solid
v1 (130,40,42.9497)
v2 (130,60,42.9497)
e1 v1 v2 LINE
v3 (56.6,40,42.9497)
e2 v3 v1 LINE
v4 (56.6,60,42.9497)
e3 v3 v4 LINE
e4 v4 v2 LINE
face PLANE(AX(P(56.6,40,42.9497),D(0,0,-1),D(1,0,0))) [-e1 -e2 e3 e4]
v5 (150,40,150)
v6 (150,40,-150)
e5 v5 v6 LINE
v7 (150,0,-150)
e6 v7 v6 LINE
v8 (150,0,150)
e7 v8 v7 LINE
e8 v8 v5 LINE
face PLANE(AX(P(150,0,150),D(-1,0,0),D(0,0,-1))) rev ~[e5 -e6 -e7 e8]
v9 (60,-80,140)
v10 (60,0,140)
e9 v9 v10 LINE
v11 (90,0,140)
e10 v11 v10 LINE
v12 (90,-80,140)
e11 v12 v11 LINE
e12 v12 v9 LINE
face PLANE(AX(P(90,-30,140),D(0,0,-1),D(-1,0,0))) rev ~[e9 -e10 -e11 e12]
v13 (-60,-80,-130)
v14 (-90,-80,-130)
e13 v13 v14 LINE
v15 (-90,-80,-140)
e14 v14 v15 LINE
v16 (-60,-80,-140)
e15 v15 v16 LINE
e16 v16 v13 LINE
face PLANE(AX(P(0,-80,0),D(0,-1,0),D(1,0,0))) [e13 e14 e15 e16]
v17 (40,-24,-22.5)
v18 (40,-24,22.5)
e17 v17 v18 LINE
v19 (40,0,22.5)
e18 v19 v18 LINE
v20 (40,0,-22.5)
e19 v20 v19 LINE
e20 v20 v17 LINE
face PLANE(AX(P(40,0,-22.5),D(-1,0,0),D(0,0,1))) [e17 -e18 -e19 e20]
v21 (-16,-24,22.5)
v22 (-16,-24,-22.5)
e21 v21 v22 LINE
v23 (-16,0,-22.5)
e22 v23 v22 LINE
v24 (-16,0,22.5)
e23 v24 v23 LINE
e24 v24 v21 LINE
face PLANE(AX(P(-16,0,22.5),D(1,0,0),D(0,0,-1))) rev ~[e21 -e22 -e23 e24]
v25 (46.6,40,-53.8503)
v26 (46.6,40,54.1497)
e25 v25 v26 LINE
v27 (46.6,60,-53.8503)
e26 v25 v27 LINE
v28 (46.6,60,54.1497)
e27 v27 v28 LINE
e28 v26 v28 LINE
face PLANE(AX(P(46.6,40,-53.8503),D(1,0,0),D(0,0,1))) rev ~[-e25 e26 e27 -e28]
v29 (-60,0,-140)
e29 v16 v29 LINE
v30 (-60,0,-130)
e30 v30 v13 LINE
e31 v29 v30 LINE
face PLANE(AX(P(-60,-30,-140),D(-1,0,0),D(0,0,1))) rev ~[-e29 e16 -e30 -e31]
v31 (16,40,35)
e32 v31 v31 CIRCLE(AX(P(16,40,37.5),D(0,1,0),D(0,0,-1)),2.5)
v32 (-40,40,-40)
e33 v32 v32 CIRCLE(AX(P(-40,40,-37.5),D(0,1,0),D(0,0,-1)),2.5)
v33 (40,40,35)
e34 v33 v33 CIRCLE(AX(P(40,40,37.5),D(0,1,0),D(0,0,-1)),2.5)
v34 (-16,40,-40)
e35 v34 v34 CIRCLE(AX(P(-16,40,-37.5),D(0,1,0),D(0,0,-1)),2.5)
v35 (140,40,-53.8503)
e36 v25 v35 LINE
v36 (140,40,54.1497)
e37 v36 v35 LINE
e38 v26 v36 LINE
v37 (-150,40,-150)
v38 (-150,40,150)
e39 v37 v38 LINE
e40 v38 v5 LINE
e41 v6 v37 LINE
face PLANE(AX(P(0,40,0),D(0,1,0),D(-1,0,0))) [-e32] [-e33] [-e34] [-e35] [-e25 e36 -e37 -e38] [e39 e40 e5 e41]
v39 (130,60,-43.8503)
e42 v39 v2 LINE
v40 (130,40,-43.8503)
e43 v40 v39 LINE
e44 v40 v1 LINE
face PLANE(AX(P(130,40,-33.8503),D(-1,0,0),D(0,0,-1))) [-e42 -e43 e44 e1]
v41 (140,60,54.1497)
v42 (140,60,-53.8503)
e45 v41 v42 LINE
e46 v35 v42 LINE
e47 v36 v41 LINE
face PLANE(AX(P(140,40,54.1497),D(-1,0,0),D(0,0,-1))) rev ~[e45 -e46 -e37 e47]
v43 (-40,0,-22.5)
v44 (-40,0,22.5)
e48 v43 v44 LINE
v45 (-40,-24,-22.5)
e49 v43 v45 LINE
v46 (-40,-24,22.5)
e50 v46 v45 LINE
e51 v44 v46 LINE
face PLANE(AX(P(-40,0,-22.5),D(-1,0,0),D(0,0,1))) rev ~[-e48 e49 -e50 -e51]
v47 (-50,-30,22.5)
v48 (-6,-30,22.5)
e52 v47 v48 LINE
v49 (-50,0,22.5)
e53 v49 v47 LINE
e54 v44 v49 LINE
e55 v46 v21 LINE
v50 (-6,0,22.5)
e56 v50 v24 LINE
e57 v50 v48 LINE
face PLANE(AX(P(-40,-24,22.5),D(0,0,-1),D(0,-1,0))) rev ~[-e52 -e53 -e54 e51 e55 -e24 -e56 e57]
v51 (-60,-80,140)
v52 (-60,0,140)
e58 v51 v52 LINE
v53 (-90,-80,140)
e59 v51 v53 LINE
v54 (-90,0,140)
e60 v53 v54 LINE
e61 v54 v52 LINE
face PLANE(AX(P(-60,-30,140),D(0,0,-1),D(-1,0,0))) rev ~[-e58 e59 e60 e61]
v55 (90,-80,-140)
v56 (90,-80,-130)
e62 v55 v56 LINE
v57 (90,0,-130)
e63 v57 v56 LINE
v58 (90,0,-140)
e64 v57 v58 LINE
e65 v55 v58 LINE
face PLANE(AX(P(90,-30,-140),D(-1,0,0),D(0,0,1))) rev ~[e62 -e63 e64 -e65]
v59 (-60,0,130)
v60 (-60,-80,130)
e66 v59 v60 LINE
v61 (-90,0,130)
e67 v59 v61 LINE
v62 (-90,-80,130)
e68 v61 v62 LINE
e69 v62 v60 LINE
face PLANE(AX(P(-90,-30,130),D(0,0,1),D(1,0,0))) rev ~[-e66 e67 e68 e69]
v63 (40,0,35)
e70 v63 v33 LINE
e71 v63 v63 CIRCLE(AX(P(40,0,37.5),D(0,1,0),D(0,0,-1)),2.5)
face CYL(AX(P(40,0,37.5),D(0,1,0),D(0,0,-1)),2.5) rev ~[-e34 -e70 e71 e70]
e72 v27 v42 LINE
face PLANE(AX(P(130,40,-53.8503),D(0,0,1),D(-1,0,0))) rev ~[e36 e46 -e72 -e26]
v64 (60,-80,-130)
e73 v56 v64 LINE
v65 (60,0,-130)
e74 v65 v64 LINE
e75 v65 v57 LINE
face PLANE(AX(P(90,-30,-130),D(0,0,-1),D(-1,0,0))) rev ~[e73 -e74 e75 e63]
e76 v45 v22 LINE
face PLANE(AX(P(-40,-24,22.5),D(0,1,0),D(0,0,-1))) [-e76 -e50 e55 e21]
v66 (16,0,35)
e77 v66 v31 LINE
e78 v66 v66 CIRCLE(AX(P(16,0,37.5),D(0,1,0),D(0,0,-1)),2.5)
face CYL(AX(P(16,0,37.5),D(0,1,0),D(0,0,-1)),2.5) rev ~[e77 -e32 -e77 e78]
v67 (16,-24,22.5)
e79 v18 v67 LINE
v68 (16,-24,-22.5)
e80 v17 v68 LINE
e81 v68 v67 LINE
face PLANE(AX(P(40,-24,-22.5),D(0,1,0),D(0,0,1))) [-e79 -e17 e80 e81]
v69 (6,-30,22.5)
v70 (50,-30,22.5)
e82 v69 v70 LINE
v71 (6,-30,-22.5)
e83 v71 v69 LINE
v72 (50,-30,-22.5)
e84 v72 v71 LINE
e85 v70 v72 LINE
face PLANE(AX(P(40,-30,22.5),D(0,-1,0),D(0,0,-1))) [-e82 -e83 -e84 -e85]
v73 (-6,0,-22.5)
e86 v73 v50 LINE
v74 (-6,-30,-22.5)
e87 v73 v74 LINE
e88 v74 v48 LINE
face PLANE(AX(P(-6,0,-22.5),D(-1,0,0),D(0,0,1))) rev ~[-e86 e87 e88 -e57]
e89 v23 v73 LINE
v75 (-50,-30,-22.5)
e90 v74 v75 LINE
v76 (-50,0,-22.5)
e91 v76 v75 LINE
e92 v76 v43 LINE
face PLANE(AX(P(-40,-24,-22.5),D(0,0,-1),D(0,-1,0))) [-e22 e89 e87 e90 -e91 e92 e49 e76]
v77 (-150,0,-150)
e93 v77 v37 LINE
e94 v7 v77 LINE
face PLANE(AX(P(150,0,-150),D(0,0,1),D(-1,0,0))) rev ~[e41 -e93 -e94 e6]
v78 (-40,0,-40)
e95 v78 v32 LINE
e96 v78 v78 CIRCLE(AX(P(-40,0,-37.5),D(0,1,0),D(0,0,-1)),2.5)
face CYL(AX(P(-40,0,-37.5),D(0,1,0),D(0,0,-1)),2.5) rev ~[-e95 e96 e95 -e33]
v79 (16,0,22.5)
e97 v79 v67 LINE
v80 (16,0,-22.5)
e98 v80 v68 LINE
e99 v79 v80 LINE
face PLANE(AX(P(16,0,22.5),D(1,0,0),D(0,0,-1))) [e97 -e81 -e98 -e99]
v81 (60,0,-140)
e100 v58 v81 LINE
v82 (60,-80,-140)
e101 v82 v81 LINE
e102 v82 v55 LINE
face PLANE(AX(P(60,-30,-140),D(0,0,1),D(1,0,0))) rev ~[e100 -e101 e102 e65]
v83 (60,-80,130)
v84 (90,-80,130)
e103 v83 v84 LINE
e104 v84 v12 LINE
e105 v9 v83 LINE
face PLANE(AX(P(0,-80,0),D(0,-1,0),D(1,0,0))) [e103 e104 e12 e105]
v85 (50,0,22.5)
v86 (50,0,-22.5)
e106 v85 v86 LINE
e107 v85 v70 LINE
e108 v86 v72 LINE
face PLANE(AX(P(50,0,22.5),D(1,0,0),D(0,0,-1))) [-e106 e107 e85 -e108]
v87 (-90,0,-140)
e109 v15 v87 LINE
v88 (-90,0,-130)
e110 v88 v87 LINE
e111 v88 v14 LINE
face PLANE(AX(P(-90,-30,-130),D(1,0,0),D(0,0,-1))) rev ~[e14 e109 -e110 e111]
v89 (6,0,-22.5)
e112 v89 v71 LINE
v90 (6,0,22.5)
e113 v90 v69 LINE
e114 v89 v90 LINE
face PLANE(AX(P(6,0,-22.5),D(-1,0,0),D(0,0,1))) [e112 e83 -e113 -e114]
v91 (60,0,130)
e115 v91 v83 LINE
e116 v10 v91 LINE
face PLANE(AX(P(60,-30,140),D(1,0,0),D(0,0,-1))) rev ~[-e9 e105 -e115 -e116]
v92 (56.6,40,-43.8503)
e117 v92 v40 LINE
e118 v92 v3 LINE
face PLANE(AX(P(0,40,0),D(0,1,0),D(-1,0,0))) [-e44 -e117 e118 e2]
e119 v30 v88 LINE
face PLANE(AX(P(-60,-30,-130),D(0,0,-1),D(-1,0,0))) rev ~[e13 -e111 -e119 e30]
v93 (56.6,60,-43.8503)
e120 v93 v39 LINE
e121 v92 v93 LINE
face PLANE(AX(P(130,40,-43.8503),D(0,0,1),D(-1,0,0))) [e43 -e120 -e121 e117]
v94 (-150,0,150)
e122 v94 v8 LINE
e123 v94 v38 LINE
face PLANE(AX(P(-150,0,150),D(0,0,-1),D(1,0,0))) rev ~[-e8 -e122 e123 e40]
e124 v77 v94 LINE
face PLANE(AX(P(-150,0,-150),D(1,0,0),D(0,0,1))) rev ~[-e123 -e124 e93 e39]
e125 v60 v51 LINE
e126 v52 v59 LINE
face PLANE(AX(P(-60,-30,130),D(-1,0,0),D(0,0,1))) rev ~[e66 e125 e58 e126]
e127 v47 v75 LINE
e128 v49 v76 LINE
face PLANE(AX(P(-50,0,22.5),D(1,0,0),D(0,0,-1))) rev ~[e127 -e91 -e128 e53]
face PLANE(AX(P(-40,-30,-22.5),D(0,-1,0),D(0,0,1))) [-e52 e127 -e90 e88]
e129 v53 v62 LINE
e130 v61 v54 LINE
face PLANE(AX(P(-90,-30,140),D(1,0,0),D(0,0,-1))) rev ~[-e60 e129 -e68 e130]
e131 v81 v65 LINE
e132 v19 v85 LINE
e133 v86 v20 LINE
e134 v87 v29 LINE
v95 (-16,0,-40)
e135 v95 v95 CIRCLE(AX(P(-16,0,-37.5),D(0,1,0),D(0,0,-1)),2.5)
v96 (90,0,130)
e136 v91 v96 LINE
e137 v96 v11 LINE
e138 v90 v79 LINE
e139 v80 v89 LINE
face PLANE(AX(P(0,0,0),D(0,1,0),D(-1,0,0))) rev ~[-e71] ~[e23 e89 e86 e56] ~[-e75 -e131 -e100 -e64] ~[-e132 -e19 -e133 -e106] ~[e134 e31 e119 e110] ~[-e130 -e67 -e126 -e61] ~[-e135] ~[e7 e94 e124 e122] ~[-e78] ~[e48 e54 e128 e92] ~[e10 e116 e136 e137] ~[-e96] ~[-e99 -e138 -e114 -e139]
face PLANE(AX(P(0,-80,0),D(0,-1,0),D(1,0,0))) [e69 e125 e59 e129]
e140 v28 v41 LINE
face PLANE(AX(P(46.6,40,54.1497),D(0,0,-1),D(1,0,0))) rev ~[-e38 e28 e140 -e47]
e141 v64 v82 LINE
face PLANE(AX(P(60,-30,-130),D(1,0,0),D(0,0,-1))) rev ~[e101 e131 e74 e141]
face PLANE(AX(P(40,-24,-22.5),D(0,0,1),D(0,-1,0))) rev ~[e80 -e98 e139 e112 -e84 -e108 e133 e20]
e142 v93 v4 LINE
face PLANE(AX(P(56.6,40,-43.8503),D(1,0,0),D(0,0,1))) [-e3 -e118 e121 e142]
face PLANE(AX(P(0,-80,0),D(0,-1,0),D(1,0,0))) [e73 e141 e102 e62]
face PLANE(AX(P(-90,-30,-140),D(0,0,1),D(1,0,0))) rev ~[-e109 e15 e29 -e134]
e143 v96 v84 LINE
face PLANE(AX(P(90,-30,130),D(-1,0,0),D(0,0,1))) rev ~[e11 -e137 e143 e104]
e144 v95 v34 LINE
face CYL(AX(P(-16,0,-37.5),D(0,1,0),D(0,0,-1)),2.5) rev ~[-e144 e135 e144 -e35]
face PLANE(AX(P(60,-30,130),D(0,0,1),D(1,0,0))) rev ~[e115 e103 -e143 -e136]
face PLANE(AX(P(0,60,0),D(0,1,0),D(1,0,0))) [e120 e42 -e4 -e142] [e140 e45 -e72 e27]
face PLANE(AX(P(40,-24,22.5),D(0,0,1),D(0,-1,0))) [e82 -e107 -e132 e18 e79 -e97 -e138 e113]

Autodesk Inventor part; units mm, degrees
ref_plane "YZ Plane" through (0, 0, 0) normal (1, 0, 0) x (0, 1, 0)
ref_plane "XZ Plane" through (0, 0, 0) normal (0, 1, 0) x (-1, 0, 0)
ref_plane "XY Plane" through (0, 0, 0) normal (0, 0, 1) x (1, 0, 0)
sketch "Sketch1" plane through (0, 0, 0) normal (0, 1, 0) x (-1, 0, 0)
  line L0 (-150, -150) -> (150, -150)
  line L1 (150, -150) -> (150, 150)
  line L2 (150, 150) -> (-150, 150)
  line L3 (-150, 150) -> (-150, -150)
  line L4 (-150, -150) -> (150, 150) construction
  line L5 (150, -150) -> (-150, 150) construction
  point P0 (0, 0)
extrude "Extrusion1" add sketch "Sketch1" along normal blind 40
sketch "Sketch4" plane through (0, 0, 0) normal (0, -1, 0) x (1, 0, 0)
  line L0 (150, -150) -> (-150, -150) projected
  line L1 (0, -150) -> (150, -150)
  line L2 (60, -130) -> (90, -130)
  line L3 (90, -130) -> (90, -140)
  line L4 (90, -140) -> (60, -140)
  line L5 (60, -140) -> (60, -130)
  line L6 (60, -130) -> (90, -140) construction
  line L7 (90, -130) -> (60, -140) construction
  line L8 (-60, -130) -> (-90, -130)
  line L9 (-90, -130) -> (-90, -140)
  line L10 (-90, -140) -> (-60, -140)
  line L11 (-60, -140) -> (-60, -130)
  line L12 (150, 150) -> (150, -150) projected
  line L13 (60, 130) -> (90, 130)
  line L14 (90, 130) -> (90, 140)
  line L15 (90, 140) -> (60, 140)
  line L16 (60, 140) -> (60, 130)
  line L17 (60, 130) -> (90, 140) construction
  line L18 (90, 130) -> (60, 140) construction
  line L19 (-60, 130) -> (-90, 130)
  line L20 (-60, 140) -> (-60, 130)
  line L21 (-90, 140) -> (-60, 140)
  line L22 (-90, 130) -> (-90, 140)
  point P0 (0, 0)
extrude "Extrusion3" add sketch "Sketch4" along normal blind 30
sketch "Sketch5" plane through (0, 0, 0) normal (0, -1, 0) x (1, 0, 0)
  line L0 (-40, 22.5) -> (-50, 22.5)
  line L1 (-50, 22.5) -> (-50, -22.5)
  line L2 (-50, -22.5) -> (-40, -22.5)
  line L3 (-40, -22.5) -> (-40, 22.5)
  line L4 (-40, 22.5) -> (-50, -22.5) construction
  line L5 (-50, 22.5) -> (-40, -22.5) construction
  line L6 (-16, -22.5) -> (-6, -22.5)
  line L7 (-6, -22.5) -> (-6, 22.5)
  line L8 (-6, 22.5) -> (-16, 22.5)
  line L9 (-16, 22.5) -> (-16, -22.5)
  line L10 (40, 22.5) -> (50, 22.5)
  line L11 (50, 22.5) -> (50, -22.5)
  line L12 (50, -22.5) -> (40, -22.5)
  line L13 (40, -22.5) -> (40, 22.5)
  line L14 (40, 22.5) -> (50, -22.5) construction
  line L15 (50, 22.5) -> (40, -22.5) construction
  line L16 (16, -22.5) -> (6, -22.5)
  line L17 (6, -22.5) -> (6, 22.5)
  line L18 (6, 22.5) -> (16, 22.5)
  line L19 (16, 22.5) -> (16, -22.5)
  point P0 (0, 0)
  point P1 (-45, 0)
  point P2 (45, 0)
extrude "Extrusion4" add sketch "Sketch5" along normal blind 30
sketch "Sketch6" plane through (40, 0, -22.5) normal (-1, 0, 0) x (0, 0, 1)
  line L0 (0, 0) -> (0, -30) projected
  line L1 (45, -30) -> (0, -30)
  line L2 (0, -30) -> (0, -24)
  line L3 (0, -24) -> (45, -24)
  line L4 (45, -24) -> (45, -30)
  point P0 (22.5, 0)
extrude "Extrusion5" add sketch "Sketch6" along normal blind 24
sketch "Sketch9" plane through (-40, 0, 22.5) normal (1, 0, 0) x (0, 0, -1)
  line L0 (0, 0) -> (0, -30) projected
  line L1 (45, -30) -> (0, -30)
  line L2 (0, -30) -> (0, -24)
  line L3 (0, -24) -> (45, -24)
  line L4 (45, -24) -> (45, -30)
  point P0 (22.5, 0)
extrude "Extrusion6" add sketch "Sketch9" along normal blind 24
sketch "Sketch12" plane through (0, 0, 0) normal (0, -1, 0) x (1, 0, 0)
  circle A0 centre (-40, -37.5) radius 2.5
  circle A1 centre (-16, -37.5) radius 2.5
  line L0 (0, 0) -> (11, 0)
  circle A2 centre (16, 37.5) radius 2.5
  circle A3 centre (40, 37.5) radius 2.5
hole "Hole1" at (-40, 0, -37.5) at (-16, 0, -37.5) at (16, 0, 37.5) at (40, 0, 37.5) direction (0, 1, 0) diameter 5 end through all
sketch "Sketch14" plane through (0, 40, 0) normal (0, 1, 0) x (1, 0, 0)
  line L0 (150, -150) -> (150, 150) projected
  line L1 (150, 0) -> (150, 34.3)
  line L2 (130, 33.8503) -> (130, 43.8503)
  line L3 (130, 43.8503) -> (56.6, 43.8503)
  line L4 (56.6, 43.8503) -> (56.6, -42.9497)
  line L5 (56.6, -42.9497) -> (130, -42.9497)
  line L6 (130, -42.9497) -> (130, 43.8503)
  line L7 (66.6, 43.8503) -> (56.6, 43.8503)
  line L8 (130, 53.8503) -> (140, 53.8503)
  line L9 (140, 53.8503) -> (46.6, 53.8503)
  line L10 (46.6, 53.8503) -> (46.6, -54.1497)
  line L11 (46.6, -54.1497) -> (140, -54.1497)
  line L12 (140, -54.1497) -> (140, 53.8503)
  point P0 (0, 0)
extrude "Extrusion10" add sketch "Sketch14" along normal blind 20
sketch "Sketch17" plane through (0, -30, 0) normal (0, -1, 0) x (1, 0, 0)
  line L0 (-90, 130) -> (-60, 130) projected
  line L1 (-60, 130) -> (-60, 140) projected
  line L2 (-60, 140) -> (-90, 140) projected
  line L3 (-90, 140) -> (-90, 130) projected
  point P0 (0, 0)
sketch "Sketch18" plane through (0, -30, 0) normal (0, -1, 0) x (1, 0, 0)
  line L0 (60, 130) -> (90, 130) projected
  line L1 (90, 130) -> (90, 140) projected
  line L2 (90, 140) -> (60, 140) projected
  line L3 (60, 140) -> (60, 130) projected
  point P0 (0, 0)
sketch "Sketch19" plane through (0, -30, 0) normal (0, -1, 0) x (1, 0, 0)
  line L0 (-60, -130) -> (-90, -130) projected
  line L1 (-90, -130) -> (-90, -140) projected
  line L2 (-90, -140) -> (-60, -140) projected
  line L3 (-60, -140) -> (-60, -130) projected
  point P0 (0, 0)
sketch "Sketch20" plane through (0, -30, 0) normal (0, -1, 0) x (1, 0, 0)
  line L0 (90, -130) -> (60, -130) projected
  line L1 (60, -130) -> (60, -140) projected
  line L2 (60, -140) -> (90, -140) projected
  line L3 (90, -140) -> (90, -130) projected
  point P0 (0, 0)
extrude "Extrusion11" add sketch "Sketch17" along normal blind 50
extrude "Extrusion12" add sketch "Sketch19" along normal blind 50
extrude "Extrusion13" add sketch "Sketch20" along normal blind 50
extrude "Extrusion14" add sketch "Sketch18" along normal blind 50
